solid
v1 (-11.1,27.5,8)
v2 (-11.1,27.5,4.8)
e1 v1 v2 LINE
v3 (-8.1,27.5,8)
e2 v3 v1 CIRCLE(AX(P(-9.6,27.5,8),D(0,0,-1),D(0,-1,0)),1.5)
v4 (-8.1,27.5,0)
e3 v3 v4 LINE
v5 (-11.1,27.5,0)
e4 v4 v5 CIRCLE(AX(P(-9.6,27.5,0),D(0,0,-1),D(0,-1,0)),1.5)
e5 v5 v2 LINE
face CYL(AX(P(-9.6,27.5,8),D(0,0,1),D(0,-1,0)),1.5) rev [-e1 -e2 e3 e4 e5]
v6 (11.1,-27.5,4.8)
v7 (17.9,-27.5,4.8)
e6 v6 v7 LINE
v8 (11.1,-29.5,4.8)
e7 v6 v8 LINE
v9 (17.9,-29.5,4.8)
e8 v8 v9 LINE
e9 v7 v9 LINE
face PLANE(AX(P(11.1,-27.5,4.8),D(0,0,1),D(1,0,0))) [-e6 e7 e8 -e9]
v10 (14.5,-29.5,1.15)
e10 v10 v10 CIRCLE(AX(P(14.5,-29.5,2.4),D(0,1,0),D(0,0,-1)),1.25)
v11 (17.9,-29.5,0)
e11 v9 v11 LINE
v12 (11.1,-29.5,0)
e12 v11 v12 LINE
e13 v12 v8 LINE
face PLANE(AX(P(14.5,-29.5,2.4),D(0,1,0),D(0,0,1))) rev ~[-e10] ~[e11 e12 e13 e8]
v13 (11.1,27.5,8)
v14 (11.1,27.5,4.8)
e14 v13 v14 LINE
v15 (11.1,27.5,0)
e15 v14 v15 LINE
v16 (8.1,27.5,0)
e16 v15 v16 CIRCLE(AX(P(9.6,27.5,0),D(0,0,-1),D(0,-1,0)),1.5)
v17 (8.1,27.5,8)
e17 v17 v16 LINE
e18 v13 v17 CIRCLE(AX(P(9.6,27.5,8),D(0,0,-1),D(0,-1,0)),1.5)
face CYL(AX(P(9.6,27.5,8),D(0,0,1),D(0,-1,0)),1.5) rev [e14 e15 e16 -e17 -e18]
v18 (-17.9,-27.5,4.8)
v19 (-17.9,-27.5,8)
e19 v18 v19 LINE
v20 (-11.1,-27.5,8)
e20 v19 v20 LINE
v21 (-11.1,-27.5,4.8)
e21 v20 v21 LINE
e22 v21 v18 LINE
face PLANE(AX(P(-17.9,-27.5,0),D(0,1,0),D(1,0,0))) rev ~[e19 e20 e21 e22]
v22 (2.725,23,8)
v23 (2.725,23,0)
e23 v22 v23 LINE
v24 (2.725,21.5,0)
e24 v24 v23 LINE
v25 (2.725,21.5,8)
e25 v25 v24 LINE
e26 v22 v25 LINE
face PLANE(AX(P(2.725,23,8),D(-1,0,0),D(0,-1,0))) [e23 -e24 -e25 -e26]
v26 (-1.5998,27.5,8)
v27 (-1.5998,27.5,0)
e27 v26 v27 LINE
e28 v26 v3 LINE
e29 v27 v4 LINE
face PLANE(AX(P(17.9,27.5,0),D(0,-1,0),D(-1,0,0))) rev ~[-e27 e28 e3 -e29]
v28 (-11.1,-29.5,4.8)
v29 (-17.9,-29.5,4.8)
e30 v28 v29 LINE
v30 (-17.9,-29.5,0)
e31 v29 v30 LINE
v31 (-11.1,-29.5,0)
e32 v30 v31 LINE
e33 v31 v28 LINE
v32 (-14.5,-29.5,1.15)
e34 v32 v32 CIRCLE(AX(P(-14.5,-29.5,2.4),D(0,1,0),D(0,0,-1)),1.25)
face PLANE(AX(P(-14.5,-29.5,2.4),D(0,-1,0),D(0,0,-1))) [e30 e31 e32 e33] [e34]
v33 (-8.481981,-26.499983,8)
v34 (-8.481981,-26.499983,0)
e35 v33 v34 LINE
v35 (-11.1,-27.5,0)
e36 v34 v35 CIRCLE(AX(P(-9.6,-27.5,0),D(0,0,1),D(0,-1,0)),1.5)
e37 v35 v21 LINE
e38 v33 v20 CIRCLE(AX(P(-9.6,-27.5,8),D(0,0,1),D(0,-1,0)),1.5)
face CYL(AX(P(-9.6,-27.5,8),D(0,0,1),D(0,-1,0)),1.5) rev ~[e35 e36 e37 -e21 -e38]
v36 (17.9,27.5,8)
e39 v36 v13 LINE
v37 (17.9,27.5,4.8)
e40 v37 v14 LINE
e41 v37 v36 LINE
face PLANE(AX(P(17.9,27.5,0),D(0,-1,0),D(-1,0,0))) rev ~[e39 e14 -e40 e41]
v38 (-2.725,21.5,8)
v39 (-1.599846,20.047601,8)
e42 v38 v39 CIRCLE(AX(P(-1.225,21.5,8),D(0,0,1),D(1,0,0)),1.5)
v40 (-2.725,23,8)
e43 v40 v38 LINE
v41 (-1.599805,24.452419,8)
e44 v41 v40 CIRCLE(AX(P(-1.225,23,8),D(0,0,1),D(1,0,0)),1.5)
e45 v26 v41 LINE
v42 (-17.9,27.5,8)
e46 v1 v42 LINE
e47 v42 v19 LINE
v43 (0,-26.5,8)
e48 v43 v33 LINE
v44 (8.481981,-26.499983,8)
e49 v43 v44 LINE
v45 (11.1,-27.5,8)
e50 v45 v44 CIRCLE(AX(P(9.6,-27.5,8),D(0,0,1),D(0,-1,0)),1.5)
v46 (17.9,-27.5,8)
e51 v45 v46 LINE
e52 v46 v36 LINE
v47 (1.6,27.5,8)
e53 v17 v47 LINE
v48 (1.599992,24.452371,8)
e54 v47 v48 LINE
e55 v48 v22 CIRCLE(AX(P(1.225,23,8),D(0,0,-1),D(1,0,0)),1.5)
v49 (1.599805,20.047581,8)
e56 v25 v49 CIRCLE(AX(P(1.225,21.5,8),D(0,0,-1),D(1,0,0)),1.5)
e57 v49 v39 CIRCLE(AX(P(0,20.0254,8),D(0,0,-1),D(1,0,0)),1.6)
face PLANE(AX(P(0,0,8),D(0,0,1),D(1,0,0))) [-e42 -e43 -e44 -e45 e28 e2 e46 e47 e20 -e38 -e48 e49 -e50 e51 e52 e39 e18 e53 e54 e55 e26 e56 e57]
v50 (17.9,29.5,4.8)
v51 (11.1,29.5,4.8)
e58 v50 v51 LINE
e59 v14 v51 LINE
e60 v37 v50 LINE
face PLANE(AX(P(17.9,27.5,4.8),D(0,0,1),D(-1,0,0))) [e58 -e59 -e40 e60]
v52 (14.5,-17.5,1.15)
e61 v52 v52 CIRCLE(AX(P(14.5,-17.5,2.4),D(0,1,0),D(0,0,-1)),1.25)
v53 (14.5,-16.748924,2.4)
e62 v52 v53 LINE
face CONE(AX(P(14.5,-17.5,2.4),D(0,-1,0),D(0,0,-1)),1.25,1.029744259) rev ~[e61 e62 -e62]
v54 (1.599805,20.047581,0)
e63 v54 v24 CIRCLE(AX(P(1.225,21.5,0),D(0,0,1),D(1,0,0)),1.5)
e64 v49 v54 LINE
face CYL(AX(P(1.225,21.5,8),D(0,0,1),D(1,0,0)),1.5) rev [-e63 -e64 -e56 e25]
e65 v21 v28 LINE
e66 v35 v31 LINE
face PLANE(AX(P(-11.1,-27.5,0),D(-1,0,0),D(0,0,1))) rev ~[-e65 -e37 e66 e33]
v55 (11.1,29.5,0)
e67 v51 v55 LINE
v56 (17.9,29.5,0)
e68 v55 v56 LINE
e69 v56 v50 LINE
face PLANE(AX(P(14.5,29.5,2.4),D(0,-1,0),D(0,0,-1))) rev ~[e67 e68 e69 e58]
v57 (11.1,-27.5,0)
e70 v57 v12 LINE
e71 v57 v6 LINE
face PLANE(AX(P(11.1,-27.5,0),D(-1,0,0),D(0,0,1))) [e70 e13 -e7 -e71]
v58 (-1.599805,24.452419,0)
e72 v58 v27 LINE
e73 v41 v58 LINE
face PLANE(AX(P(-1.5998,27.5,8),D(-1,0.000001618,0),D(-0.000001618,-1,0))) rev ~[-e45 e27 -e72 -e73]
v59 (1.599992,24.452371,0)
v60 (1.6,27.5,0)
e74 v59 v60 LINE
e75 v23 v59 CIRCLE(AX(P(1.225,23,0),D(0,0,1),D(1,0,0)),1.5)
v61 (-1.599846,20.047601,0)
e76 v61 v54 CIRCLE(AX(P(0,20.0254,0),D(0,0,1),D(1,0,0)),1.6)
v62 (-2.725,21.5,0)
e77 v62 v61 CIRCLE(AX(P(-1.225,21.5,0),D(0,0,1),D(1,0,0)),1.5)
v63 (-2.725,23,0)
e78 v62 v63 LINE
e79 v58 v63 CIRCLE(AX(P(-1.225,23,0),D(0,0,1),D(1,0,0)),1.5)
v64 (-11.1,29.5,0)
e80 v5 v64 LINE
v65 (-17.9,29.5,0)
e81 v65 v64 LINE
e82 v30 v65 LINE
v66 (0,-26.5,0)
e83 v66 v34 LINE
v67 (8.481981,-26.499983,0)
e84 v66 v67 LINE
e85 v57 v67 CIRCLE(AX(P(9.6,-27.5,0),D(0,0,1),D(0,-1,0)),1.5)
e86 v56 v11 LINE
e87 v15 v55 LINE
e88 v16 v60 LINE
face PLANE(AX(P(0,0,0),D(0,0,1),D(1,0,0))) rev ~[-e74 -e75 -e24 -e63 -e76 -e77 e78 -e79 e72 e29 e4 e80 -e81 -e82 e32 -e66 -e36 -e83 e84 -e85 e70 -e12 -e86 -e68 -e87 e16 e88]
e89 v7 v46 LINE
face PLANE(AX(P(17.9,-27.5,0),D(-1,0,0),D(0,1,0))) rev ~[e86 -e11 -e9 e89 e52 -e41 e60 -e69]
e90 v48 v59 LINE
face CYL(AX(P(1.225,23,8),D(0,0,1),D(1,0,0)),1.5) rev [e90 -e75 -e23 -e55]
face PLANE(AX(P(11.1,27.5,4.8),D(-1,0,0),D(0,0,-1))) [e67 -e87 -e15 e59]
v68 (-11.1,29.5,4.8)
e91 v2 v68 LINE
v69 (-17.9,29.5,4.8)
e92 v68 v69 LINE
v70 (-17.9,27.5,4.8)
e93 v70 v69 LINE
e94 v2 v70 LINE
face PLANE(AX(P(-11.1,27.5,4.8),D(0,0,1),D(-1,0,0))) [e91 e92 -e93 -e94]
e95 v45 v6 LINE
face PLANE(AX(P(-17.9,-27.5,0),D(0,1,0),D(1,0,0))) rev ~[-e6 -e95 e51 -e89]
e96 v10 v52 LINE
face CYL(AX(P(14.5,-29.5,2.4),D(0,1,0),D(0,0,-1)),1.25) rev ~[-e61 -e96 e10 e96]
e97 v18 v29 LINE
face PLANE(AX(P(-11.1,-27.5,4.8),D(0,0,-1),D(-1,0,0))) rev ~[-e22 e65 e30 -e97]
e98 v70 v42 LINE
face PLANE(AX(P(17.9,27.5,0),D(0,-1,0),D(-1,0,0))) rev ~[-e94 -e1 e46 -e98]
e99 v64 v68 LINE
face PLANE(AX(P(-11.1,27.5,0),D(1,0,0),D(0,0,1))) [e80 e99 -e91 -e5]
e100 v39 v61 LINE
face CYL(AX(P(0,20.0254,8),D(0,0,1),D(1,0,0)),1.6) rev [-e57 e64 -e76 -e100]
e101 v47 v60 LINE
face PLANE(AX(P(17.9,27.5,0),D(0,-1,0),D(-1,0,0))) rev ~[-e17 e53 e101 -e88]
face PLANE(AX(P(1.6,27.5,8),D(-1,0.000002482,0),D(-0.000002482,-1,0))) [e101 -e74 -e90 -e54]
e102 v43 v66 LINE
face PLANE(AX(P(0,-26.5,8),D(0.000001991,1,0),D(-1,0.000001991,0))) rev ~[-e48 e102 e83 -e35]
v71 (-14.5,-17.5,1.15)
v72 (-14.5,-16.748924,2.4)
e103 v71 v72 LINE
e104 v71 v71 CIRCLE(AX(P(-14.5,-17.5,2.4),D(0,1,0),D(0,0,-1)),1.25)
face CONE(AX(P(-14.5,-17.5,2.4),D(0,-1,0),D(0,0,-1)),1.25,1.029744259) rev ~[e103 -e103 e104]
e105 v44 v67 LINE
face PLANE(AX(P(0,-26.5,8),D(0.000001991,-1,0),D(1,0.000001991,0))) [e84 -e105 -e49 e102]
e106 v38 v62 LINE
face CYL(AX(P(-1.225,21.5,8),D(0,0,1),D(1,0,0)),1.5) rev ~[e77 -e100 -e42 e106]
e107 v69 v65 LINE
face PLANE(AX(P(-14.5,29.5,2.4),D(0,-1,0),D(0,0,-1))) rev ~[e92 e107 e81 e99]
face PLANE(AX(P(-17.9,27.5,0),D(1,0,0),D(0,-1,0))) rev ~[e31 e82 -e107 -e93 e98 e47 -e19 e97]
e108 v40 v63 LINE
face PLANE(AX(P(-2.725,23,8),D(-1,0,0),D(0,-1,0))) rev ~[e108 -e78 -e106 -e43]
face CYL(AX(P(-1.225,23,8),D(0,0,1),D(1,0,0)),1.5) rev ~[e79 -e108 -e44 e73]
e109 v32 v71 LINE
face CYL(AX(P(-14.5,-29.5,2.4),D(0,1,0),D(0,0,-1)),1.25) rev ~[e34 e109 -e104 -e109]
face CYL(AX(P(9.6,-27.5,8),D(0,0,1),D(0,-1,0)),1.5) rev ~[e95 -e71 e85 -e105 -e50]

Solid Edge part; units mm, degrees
sketch "Sketch1" plane through (0, 0, 0) normal (0, 0, 1) x (1, 0, 0)
  line L0 (-17.9, -27.5) -> (17.9, -27.5)
  line L1 (17.9, -27.5) -> (17.9, 27.5)
  line L2 (17.9, 27.5) -> (-17.9, 27.5)
  line L3 (-17.9, 27.5) -> (-17.9, -27.5)
extrude "Protrusion1" add sketch "Sketch1" along normal blind 8
sketch "Sketch2" plane through (0, -27.5, 4) normal (0, -1, 0) x (1, 0, 0)
  line L0 (-11.1, 0.8) -> (-17.9, 0.8)
  line L1 (-17.9, 0.8) -> (-17.9, -4)
  line L2 (-17.9, -4) -> (-11.1, -4)
  line L3 (-11.1, -4) -> (-11.1, 0.8)
  line L4 (11.1, 0.8) -> (17.9, 0.8)
  line L5 (17.9, 0.8) -> (17.9, -4)
  line L6 (17.9, -4) -> (11.1, -4)
  line L7 (11.1, -4) -> (11.1, 0.8)
extrude "ExtrudedProtrusion_2" add sketch "Sketch2" along normal blind 2
sketch "Sketch3" plane through (0, 27.5, 4) normal (0, 1, 0) x (-1, 0, 0)
  line L0 (-17.9, 0.8) -> (-11.1, 0.8)
  line L1 (-11.1, 0.8) -> (-11.1, -4)
  line L2 (-11.1, -4) -> (-17.9, -4)
  line L3 (-17.9, -4) -> (-17.9, 0.8)
  line L4 (11.1, 0.8) -> (17.9, 0.8)
  line L5 (17.9, 0.8) -> (17.9, -4)
  line L6 (17.9, -4) -> (11.1, -4)
  line L7 (11.1, -4) -> (11.1, 0.8)
extrude "ExtrudedProtrusion_3" add sketch "Sketch3" along normal blind 2
hole "Hole_3" at (-14.5, -29.5, 2.4) direction (0, 1, 0) diameter 2.5 depth 12 tip angle 118
hole "Hole1" at (14.5, -29.5, 2.4) direction (0, 1, 0) diameter 2.5 depth 12 tip angle 118
sketch "Sketch4" plane through (0, 0, 8) normal (0, 0, 1) x (0, -1, 0)
  line L0 (26.5, 0) -> (26.5, -8.482)
  arc A0 (26.5, -8.482) -> (27.5, -11.1) centre (27.5, -9.6) ccw
  line L1 (27.5, 11.1) -> (27.5, -11.1)
  arc A1 (27.5, 11.1) -> (26.5, 8.482) centre (27.5, 9.6) ccw
  line L2 (26.5, 0) -> (26.5, 8.482)
  arc A2 (-27.5, -8.1) -> (-27.5, -11.1) centre (-27.5, -9.6) cw
  line L3 (-27.5, -11.1) -> (-27.5, -8.1)
  arc A3 (-27.5, 11.1) -> (-27.5, 8.1) centre (-27.5, 9.6) cw
  line L4 (-27.5, 11.1) -> (-27.5, 8.1)
extrude "ExtrudedCutout_1" cut sketch "Sketch4" against normal blind 8
sketch "Sketch5" plane through (0, 0, 8) normal (0, 0, 1) x (1, 0, 0)
  arc A0 (1.6, 24.4524) -> (2.725, 23) centre (1.225, 23) cw
  line L0 (2.725, 23) -> (2.725, 21.5)
  arc A1 (2.725, 21.5) -> (1.5998, 20.0476) centre (1.225, 21.5) cw
  arc A2 (1.5998, 20.0476) -> (-1.5998, 20.0476) centre (0, 20.0254) cw
  arc A3 (-2.725, 21.5) -> (-1.5998, 20.0476) centre (-1.225, 21.5) ccw
  line L1 (-2.725, 23) -> (-2.725, 21.5)
  arc A4 (-1.5998, 24.4524) -> (-2.725, 23) centre (-1.225, 23) ccw
  line L2 (-1.5998, 27.5) -> (-1.5998, 24.4524)
  line L3 (0, 27.5) -> (-1.5998, 27.5)
  line L4 (0, 27.5) -> (1.6, 27.5)
  line L5 (1.6, 27.5) -> (1.6, 24.4524)
extrude "Cutout1" cut sketch "Sketch5" against normal up to next
properties material "Polycarbonate"
